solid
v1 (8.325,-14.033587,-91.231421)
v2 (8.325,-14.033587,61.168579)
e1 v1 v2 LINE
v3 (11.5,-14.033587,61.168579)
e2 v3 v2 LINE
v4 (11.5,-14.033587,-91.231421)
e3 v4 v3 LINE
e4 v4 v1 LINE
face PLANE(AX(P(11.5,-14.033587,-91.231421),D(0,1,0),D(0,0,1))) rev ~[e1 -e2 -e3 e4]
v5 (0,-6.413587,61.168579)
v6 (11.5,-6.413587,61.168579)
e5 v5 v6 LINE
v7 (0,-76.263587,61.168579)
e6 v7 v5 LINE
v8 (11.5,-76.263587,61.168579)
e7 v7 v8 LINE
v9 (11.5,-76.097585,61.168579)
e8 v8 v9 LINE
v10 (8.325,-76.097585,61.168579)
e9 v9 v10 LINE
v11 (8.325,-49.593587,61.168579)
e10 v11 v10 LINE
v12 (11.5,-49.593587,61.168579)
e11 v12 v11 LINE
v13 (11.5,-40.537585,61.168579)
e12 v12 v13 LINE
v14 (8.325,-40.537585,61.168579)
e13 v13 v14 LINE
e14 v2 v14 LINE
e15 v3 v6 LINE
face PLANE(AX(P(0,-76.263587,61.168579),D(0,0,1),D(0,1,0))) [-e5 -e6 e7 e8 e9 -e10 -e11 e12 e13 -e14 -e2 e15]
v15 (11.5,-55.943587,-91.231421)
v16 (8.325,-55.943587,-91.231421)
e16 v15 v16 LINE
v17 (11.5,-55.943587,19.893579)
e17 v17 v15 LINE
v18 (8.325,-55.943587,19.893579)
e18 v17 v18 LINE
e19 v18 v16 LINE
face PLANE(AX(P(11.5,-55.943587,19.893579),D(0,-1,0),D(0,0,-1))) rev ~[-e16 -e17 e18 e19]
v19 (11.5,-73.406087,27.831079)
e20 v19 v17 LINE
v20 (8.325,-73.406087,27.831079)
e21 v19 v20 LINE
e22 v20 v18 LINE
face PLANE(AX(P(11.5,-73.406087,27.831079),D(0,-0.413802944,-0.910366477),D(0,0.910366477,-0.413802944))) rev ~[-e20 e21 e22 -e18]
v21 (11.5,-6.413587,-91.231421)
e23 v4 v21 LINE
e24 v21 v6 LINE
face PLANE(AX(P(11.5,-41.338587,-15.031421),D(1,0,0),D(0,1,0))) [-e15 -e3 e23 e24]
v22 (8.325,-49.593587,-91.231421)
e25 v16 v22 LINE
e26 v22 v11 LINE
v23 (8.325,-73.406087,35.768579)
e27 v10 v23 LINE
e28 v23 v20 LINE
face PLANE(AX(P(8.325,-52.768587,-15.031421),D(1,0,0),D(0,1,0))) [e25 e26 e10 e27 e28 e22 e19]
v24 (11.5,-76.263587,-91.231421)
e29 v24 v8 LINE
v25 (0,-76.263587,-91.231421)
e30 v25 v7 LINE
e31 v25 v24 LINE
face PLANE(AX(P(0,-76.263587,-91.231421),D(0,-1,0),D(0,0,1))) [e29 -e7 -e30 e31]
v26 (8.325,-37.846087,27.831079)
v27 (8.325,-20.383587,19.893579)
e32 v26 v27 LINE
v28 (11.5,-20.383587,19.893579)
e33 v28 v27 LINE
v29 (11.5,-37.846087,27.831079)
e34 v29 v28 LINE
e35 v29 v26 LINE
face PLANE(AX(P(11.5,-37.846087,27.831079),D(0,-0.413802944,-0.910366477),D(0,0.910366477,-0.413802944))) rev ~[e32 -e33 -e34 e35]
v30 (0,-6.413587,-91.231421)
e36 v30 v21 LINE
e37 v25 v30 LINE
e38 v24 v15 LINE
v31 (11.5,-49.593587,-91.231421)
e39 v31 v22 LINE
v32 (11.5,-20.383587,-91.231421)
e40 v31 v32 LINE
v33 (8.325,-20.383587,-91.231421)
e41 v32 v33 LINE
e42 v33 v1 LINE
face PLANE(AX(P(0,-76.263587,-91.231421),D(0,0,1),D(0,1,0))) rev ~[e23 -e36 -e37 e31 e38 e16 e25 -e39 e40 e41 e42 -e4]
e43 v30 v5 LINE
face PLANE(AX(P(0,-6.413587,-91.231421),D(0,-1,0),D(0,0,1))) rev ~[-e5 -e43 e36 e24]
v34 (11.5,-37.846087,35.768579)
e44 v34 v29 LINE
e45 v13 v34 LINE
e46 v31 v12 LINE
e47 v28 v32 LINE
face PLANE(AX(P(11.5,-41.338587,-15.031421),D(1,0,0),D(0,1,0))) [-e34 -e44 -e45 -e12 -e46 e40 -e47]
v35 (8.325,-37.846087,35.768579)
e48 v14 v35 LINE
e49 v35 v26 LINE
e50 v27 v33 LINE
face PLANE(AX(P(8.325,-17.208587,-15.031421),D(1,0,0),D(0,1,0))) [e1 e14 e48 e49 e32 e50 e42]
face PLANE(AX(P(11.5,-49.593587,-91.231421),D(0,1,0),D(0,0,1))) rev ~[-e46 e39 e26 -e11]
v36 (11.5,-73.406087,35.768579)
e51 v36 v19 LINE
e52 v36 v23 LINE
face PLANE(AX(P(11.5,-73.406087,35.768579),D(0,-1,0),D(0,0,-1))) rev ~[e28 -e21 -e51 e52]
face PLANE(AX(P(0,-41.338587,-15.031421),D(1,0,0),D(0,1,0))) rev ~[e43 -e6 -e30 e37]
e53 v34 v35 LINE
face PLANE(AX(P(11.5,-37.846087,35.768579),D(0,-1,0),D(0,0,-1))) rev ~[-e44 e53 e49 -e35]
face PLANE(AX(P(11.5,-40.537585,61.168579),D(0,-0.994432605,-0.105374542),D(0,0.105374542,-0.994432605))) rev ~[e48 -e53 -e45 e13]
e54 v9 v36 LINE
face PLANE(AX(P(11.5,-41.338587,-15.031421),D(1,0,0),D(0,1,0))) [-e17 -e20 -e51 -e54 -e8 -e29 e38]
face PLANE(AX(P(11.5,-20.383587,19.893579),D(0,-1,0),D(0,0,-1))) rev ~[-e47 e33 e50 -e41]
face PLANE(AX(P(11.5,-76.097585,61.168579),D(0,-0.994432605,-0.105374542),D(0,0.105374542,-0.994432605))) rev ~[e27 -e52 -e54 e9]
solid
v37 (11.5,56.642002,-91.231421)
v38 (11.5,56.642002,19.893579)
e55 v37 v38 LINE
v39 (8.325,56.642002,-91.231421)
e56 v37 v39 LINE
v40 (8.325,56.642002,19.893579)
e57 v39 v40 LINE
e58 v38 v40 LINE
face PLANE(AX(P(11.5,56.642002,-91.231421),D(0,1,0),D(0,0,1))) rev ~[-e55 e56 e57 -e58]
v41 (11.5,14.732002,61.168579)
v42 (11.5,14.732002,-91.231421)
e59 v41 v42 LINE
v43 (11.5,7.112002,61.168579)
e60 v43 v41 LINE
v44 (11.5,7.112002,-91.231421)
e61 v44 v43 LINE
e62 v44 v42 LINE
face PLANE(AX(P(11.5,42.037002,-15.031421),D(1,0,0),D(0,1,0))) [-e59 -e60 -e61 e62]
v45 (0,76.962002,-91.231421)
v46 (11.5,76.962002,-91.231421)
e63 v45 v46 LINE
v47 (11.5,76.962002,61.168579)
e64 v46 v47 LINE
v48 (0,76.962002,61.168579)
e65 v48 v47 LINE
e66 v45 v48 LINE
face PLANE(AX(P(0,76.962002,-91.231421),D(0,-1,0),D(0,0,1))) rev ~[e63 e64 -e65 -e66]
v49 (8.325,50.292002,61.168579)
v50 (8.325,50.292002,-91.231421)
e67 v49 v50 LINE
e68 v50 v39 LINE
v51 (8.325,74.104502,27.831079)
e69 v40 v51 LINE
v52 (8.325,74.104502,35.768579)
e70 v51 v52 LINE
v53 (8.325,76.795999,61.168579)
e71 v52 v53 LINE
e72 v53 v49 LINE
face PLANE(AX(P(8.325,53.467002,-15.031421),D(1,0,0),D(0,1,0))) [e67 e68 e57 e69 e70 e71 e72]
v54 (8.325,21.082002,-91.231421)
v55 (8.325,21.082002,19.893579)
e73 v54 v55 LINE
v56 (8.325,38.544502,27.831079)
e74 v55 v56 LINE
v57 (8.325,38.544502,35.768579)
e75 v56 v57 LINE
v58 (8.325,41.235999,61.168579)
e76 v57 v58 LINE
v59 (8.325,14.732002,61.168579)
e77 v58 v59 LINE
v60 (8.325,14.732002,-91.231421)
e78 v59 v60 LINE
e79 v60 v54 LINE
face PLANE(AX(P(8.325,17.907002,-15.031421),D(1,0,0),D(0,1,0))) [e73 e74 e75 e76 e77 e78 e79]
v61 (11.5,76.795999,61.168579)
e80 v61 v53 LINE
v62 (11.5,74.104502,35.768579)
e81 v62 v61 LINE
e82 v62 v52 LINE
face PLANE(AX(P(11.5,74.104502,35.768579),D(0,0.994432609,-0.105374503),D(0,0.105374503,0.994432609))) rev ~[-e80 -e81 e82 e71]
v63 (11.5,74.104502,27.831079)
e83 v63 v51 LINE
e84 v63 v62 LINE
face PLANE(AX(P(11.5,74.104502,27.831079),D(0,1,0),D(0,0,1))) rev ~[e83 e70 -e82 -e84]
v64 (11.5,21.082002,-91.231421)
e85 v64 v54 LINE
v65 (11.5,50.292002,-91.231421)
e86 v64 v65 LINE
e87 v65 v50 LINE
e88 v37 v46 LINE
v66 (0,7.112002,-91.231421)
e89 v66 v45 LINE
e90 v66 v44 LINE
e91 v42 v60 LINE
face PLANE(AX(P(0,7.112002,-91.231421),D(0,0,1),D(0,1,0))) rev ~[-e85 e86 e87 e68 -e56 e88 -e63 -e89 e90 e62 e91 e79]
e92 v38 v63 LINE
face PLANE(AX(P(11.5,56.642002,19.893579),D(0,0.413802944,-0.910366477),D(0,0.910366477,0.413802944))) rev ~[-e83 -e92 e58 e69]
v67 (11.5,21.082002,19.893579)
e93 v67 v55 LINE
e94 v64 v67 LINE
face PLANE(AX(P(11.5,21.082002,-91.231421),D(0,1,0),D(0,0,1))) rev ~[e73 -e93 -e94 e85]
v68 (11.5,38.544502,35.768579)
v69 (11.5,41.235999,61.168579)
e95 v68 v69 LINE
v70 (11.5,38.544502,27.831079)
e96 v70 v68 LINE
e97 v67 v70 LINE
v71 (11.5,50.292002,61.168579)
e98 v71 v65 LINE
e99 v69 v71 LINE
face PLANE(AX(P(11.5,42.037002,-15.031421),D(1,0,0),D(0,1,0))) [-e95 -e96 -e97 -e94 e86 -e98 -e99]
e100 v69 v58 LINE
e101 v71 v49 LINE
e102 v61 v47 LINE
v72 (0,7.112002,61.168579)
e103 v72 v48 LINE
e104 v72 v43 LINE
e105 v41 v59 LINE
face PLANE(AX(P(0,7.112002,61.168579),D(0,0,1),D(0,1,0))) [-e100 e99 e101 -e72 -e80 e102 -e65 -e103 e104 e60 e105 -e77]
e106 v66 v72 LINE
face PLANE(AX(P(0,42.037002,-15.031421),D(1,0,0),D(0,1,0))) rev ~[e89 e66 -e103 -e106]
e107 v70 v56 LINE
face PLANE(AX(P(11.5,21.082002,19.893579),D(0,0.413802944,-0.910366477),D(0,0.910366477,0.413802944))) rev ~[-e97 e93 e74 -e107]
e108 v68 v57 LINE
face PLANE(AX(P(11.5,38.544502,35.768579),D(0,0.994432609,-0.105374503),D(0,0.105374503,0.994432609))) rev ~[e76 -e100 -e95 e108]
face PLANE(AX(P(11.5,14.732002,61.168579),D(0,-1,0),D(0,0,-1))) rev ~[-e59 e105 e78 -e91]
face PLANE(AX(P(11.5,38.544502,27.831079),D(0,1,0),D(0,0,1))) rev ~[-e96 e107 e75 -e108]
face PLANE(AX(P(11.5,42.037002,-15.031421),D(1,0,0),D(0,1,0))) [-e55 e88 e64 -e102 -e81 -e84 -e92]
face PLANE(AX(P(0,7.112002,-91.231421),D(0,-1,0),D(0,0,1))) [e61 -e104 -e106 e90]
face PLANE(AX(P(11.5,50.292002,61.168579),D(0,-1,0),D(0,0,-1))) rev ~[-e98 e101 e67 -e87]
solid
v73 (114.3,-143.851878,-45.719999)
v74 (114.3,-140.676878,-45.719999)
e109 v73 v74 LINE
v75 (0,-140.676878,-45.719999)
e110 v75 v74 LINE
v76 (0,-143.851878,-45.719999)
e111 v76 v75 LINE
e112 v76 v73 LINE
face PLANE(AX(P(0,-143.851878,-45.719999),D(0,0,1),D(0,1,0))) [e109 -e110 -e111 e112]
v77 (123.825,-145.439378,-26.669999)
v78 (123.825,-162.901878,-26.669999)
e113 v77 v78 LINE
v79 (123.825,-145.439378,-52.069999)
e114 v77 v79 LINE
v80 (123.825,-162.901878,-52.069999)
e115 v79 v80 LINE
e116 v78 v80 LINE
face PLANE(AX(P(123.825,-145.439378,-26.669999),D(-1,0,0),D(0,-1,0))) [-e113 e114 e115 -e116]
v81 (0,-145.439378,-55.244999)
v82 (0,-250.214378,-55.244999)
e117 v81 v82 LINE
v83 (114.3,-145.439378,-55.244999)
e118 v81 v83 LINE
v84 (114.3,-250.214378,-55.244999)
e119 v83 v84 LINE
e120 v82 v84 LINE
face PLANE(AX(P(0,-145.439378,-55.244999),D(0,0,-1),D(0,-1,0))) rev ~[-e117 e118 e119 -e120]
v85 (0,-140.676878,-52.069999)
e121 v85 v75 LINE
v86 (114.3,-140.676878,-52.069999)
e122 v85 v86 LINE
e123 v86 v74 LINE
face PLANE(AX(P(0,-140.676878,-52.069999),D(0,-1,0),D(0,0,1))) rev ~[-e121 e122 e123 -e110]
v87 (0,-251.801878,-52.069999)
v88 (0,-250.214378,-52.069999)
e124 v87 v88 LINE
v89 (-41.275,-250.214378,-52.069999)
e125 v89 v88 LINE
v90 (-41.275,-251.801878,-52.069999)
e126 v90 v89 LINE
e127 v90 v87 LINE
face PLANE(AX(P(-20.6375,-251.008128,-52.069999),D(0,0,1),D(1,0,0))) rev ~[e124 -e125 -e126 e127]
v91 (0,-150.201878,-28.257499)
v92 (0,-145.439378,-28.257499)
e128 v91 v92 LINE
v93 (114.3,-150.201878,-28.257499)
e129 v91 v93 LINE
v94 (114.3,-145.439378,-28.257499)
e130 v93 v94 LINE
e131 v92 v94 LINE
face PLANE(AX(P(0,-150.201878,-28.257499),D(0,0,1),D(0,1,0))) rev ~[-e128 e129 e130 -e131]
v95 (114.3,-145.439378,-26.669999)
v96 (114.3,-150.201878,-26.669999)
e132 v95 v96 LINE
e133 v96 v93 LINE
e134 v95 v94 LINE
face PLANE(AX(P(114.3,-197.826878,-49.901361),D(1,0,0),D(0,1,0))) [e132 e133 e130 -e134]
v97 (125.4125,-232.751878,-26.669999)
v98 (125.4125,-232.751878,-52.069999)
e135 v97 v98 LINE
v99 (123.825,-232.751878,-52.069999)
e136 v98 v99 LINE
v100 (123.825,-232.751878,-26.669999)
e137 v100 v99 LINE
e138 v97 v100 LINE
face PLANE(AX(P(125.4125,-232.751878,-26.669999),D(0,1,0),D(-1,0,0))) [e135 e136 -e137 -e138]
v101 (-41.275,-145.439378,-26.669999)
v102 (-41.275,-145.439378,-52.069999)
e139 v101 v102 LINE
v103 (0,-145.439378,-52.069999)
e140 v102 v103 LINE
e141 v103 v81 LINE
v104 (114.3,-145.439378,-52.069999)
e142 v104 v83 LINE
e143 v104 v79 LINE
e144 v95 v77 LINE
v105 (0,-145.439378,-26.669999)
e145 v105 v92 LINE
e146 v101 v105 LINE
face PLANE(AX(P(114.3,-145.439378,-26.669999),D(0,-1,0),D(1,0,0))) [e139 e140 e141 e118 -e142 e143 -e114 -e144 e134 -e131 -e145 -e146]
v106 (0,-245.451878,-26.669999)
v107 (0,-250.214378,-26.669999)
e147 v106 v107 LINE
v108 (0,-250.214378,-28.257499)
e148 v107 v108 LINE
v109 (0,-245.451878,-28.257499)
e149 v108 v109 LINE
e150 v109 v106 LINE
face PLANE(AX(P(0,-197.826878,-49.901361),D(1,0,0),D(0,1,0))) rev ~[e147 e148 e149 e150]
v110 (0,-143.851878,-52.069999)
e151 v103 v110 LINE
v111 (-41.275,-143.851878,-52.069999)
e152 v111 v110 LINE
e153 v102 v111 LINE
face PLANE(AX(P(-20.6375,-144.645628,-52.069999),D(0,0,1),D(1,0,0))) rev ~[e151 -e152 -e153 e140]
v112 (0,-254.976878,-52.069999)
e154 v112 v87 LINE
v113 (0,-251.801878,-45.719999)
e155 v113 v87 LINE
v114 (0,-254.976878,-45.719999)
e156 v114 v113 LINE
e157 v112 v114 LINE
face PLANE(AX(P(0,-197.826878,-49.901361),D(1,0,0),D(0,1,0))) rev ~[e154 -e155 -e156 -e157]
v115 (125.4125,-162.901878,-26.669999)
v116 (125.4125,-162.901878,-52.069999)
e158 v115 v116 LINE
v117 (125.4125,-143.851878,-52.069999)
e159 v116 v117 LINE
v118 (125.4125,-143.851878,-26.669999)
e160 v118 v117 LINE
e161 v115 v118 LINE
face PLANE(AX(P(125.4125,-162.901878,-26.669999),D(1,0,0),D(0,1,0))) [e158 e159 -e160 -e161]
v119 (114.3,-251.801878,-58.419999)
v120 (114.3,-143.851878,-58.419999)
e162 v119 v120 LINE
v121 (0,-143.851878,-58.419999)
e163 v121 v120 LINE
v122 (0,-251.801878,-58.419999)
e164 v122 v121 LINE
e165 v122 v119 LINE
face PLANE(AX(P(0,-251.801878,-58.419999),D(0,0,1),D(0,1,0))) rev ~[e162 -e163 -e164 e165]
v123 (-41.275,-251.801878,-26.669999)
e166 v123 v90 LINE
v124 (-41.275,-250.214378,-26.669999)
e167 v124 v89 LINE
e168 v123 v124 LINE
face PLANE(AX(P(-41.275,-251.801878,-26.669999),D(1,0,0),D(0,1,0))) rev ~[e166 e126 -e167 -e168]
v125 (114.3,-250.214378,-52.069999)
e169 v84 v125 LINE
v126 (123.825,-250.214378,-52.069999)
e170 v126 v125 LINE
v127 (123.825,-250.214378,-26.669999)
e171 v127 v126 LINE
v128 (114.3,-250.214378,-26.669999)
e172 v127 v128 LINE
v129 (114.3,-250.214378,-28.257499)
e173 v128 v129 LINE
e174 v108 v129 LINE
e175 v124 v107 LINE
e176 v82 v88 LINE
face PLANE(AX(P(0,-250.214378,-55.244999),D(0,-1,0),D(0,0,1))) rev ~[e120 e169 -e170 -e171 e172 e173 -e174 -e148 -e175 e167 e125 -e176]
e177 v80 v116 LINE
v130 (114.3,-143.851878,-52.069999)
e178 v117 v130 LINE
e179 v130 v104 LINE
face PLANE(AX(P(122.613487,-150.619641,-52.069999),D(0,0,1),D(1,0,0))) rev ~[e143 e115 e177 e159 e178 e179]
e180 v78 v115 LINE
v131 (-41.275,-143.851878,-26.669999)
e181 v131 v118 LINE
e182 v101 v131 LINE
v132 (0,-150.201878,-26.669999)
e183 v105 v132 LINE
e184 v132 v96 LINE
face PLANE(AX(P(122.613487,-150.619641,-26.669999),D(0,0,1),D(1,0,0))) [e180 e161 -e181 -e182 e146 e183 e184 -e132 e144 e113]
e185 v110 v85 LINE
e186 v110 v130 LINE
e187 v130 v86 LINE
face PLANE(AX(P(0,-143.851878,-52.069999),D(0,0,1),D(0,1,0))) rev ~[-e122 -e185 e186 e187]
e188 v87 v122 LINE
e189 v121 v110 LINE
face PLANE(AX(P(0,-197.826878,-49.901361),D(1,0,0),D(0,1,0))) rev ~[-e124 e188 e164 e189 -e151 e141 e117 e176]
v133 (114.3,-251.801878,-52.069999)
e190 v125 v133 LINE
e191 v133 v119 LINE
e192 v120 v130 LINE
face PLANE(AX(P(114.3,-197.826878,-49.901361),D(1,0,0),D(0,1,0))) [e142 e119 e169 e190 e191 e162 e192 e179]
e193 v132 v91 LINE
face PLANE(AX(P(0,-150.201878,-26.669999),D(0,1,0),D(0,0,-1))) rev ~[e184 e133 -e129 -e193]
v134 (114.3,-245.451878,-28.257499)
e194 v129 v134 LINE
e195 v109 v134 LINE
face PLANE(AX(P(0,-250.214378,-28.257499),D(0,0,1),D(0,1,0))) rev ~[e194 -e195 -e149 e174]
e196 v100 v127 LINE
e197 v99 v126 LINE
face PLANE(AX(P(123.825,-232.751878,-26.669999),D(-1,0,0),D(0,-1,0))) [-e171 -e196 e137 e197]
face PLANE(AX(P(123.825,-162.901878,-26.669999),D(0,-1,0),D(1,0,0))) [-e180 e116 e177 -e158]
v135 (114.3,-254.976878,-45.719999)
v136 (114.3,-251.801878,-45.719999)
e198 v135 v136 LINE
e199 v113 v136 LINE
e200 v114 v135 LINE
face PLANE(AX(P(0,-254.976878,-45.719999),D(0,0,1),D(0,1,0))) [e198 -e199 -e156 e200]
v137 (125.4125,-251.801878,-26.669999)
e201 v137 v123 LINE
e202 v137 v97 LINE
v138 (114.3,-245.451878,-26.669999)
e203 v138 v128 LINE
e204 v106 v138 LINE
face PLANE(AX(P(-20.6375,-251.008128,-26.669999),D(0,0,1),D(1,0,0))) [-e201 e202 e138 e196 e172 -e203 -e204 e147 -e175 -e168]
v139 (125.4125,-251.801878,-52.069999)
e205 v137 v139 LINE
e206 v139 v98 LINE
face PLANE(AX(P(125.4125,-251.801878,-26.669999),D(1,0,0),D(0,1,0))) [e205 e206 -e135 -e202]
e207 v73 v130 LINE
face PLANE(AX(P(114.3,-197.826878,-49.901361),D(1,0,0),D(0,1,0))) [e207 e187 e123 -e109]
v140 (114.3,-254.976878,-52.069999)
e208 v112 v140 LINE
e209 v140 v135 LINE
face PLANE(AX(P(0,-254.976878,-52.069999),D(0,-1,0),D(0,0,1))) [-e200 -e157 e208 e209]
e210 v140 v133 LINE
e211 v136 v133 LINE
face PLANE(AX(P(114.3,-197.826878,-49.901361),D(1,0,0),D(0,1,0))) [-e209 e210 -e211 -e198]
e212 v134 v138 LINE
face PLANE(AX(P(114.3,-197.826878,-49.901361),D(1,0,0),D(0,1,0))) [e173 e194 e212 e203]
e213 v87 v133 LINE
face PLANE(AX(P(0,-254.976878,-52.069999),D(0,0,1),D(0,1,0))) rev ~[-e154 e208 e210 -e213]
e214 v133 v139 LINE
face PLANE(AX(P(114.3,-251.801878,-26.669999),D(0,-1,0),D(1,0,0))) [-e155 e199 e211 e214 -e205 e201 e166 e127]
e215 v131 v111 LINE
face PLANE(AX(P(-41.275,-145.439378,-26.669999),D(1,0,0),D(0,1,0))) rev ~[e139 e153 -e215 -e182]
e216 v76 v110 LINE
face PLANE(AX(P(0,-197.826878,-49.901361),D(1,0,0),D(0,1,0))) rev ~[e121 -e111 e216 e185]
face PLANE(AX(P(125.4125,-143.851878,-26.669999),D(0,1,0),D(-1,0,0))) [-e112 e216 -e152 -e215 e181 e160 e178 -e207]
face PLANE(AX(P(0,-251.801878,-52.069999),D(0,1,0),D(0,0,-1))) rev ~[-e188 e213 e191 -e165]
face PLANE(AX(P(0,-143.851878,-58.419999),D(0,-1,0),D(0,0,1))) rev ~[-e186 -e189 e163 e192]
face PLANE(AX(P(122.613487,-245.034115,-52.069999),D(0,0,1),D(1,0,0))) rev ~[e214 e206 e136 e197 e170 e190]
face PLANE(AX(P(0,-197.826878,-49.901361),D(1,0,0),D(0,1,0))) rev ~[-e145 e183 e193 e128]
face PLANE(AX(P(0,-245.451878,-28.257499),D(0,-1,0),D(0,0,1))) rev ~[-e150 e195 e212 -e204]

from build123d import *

# Parameters (mm, degrees)
F0_W     = 69.85
F0_H     = 152.4
F1_DEPTH = 11.5
F3_DEPTH = 3.175
F4_W     = 3.175
F4_H     = 6.35
F5_DEPTH = 114.3
F6_W     = 41.275
F6_H     = 1.5875
F7_DEPTH = 25.4


with BuildPart() as f1:
    # F0 (on Right) → F1 (new body)
    with BuildSketch(Plane.YZ):
        with Locations((-41.338587, -15.031421)):
            Rectangle(F0_W, F0_H)
        with Locations((42.037002, -15.031421)):
            Rectangle(F0_W, F0_H)
    extrude(amount=F1_DEPTH)

    # F2 (on face) → F3 (cut)
    with BuildSketch(Plane.YZ.offset(11.5)):
        Polygon((-49.593587, 61.168579), (-55.943587, 61.168579), (-55.943587, 19.893579), (-55.943587, -91.231421), (-49.593587, -91.231421), align=None)
        Polygon((-55.943587, 19.893579), (-55.943587, 61.168579), (-76.097585, 61.168579), (-73.406087, 35.768579), (-73.406087, 27.831079), align=None)
        Polygon((56.642002, 61.168579), (50.292002, 61.168579), (50.292002, -91.231421), (56.642002, -91.231421), (56.642002, 19.893579), align=None)
        Polygon((76.795999, 61.168579), (56.642002, 61.168579), (56.642002, 19.893579), (74.104502, 27.831079), (74.104502, 35.768579), align=None)
        Polygon((-14.033587, -91.231421), (-14.033587, 61.168579), (-20.383587, 61.168579), (-20.383587, 19.893579), (-20.383587, -91.231421), align=None)
        Polygon((-20.383587, 19.893579), (-20.383587, 61.168579), (-40.537585, 61.168579), (-37.846087, 35.768579), (-37.846087, 27.831079), align=None)
        Polygon((21.082002, 19.893579), (21.082002, 61.168579), (14.732002, 61.168579), (14.732002, -91.231421), (21.082002, -91.231421), align=None)
        Polygon((41.235999, 61.168579), (21.082002, 61.168579), (21.082002, 19.893579), (38.544502, 27.831079), (38.544502, 35.768579), align=None)
    extrude(amount=-F3_DEPTH, mode=Mode.SUBTRACT)


with BuildPart() as f5:
    # F4 (on Right) → F5 (new body)
    with BuildSketch(Plane.YZ):
        Polygon((-250.214378, -28.257499), (-245.451878, -28.257499), (-245.451878, -26.669999), (-251.801878, -26.669999), (-251.801878, -45.719999), (-251.801878, -52.069999), (-251.801878, -58.419999), (-143.851878, -58.419999), (-143.851878, -52.069999), (-143.851878, -45.719999), (-143.851878, -26.669999), (-150.201878, -26.669999), (-150.201878, -28.257499), (-145.439378, -28.257499), (-145.439378, -55.244999), (-250.214378, -55.244999), align=None)
        with Locations((-253.389378, -48.894999)):
            Rectangle(F4_W, F4_H)
        with Locations((-142.264378, -48.894999)):
            Rectangle(F4_W, F4_H)
    extrude(amount=F5_DEPTH)

    # F6 (on face) → F7 (join)
    with BuildSketch(Plane.XY.offset(-26.669999)):
        Polygon((125.4125, -143.851878), (114.3, -143.851878), (114.3, -145.439378), (123.825, -145.439378), (123.825, -162.901878), (125.4125, -162.901878), align=None)
        Polygon((114.3, -250.214378), (114.3, -251.801878), (125.4125, -251.801878), (125.4125, -232.751878), (123.825, -232.751878), (123.825, -250.214378), align=None)
        with Locations((-20.6375, -144.645628)):
            Rectangle(F6_W, F6_H)
        with Locations((-20.6375, -251.008128)):
            Rectangle(F6_W, F6_H)
    extrude(amount=-F7_DEPTH)


solid = Compound([f1.part, f5.part])
